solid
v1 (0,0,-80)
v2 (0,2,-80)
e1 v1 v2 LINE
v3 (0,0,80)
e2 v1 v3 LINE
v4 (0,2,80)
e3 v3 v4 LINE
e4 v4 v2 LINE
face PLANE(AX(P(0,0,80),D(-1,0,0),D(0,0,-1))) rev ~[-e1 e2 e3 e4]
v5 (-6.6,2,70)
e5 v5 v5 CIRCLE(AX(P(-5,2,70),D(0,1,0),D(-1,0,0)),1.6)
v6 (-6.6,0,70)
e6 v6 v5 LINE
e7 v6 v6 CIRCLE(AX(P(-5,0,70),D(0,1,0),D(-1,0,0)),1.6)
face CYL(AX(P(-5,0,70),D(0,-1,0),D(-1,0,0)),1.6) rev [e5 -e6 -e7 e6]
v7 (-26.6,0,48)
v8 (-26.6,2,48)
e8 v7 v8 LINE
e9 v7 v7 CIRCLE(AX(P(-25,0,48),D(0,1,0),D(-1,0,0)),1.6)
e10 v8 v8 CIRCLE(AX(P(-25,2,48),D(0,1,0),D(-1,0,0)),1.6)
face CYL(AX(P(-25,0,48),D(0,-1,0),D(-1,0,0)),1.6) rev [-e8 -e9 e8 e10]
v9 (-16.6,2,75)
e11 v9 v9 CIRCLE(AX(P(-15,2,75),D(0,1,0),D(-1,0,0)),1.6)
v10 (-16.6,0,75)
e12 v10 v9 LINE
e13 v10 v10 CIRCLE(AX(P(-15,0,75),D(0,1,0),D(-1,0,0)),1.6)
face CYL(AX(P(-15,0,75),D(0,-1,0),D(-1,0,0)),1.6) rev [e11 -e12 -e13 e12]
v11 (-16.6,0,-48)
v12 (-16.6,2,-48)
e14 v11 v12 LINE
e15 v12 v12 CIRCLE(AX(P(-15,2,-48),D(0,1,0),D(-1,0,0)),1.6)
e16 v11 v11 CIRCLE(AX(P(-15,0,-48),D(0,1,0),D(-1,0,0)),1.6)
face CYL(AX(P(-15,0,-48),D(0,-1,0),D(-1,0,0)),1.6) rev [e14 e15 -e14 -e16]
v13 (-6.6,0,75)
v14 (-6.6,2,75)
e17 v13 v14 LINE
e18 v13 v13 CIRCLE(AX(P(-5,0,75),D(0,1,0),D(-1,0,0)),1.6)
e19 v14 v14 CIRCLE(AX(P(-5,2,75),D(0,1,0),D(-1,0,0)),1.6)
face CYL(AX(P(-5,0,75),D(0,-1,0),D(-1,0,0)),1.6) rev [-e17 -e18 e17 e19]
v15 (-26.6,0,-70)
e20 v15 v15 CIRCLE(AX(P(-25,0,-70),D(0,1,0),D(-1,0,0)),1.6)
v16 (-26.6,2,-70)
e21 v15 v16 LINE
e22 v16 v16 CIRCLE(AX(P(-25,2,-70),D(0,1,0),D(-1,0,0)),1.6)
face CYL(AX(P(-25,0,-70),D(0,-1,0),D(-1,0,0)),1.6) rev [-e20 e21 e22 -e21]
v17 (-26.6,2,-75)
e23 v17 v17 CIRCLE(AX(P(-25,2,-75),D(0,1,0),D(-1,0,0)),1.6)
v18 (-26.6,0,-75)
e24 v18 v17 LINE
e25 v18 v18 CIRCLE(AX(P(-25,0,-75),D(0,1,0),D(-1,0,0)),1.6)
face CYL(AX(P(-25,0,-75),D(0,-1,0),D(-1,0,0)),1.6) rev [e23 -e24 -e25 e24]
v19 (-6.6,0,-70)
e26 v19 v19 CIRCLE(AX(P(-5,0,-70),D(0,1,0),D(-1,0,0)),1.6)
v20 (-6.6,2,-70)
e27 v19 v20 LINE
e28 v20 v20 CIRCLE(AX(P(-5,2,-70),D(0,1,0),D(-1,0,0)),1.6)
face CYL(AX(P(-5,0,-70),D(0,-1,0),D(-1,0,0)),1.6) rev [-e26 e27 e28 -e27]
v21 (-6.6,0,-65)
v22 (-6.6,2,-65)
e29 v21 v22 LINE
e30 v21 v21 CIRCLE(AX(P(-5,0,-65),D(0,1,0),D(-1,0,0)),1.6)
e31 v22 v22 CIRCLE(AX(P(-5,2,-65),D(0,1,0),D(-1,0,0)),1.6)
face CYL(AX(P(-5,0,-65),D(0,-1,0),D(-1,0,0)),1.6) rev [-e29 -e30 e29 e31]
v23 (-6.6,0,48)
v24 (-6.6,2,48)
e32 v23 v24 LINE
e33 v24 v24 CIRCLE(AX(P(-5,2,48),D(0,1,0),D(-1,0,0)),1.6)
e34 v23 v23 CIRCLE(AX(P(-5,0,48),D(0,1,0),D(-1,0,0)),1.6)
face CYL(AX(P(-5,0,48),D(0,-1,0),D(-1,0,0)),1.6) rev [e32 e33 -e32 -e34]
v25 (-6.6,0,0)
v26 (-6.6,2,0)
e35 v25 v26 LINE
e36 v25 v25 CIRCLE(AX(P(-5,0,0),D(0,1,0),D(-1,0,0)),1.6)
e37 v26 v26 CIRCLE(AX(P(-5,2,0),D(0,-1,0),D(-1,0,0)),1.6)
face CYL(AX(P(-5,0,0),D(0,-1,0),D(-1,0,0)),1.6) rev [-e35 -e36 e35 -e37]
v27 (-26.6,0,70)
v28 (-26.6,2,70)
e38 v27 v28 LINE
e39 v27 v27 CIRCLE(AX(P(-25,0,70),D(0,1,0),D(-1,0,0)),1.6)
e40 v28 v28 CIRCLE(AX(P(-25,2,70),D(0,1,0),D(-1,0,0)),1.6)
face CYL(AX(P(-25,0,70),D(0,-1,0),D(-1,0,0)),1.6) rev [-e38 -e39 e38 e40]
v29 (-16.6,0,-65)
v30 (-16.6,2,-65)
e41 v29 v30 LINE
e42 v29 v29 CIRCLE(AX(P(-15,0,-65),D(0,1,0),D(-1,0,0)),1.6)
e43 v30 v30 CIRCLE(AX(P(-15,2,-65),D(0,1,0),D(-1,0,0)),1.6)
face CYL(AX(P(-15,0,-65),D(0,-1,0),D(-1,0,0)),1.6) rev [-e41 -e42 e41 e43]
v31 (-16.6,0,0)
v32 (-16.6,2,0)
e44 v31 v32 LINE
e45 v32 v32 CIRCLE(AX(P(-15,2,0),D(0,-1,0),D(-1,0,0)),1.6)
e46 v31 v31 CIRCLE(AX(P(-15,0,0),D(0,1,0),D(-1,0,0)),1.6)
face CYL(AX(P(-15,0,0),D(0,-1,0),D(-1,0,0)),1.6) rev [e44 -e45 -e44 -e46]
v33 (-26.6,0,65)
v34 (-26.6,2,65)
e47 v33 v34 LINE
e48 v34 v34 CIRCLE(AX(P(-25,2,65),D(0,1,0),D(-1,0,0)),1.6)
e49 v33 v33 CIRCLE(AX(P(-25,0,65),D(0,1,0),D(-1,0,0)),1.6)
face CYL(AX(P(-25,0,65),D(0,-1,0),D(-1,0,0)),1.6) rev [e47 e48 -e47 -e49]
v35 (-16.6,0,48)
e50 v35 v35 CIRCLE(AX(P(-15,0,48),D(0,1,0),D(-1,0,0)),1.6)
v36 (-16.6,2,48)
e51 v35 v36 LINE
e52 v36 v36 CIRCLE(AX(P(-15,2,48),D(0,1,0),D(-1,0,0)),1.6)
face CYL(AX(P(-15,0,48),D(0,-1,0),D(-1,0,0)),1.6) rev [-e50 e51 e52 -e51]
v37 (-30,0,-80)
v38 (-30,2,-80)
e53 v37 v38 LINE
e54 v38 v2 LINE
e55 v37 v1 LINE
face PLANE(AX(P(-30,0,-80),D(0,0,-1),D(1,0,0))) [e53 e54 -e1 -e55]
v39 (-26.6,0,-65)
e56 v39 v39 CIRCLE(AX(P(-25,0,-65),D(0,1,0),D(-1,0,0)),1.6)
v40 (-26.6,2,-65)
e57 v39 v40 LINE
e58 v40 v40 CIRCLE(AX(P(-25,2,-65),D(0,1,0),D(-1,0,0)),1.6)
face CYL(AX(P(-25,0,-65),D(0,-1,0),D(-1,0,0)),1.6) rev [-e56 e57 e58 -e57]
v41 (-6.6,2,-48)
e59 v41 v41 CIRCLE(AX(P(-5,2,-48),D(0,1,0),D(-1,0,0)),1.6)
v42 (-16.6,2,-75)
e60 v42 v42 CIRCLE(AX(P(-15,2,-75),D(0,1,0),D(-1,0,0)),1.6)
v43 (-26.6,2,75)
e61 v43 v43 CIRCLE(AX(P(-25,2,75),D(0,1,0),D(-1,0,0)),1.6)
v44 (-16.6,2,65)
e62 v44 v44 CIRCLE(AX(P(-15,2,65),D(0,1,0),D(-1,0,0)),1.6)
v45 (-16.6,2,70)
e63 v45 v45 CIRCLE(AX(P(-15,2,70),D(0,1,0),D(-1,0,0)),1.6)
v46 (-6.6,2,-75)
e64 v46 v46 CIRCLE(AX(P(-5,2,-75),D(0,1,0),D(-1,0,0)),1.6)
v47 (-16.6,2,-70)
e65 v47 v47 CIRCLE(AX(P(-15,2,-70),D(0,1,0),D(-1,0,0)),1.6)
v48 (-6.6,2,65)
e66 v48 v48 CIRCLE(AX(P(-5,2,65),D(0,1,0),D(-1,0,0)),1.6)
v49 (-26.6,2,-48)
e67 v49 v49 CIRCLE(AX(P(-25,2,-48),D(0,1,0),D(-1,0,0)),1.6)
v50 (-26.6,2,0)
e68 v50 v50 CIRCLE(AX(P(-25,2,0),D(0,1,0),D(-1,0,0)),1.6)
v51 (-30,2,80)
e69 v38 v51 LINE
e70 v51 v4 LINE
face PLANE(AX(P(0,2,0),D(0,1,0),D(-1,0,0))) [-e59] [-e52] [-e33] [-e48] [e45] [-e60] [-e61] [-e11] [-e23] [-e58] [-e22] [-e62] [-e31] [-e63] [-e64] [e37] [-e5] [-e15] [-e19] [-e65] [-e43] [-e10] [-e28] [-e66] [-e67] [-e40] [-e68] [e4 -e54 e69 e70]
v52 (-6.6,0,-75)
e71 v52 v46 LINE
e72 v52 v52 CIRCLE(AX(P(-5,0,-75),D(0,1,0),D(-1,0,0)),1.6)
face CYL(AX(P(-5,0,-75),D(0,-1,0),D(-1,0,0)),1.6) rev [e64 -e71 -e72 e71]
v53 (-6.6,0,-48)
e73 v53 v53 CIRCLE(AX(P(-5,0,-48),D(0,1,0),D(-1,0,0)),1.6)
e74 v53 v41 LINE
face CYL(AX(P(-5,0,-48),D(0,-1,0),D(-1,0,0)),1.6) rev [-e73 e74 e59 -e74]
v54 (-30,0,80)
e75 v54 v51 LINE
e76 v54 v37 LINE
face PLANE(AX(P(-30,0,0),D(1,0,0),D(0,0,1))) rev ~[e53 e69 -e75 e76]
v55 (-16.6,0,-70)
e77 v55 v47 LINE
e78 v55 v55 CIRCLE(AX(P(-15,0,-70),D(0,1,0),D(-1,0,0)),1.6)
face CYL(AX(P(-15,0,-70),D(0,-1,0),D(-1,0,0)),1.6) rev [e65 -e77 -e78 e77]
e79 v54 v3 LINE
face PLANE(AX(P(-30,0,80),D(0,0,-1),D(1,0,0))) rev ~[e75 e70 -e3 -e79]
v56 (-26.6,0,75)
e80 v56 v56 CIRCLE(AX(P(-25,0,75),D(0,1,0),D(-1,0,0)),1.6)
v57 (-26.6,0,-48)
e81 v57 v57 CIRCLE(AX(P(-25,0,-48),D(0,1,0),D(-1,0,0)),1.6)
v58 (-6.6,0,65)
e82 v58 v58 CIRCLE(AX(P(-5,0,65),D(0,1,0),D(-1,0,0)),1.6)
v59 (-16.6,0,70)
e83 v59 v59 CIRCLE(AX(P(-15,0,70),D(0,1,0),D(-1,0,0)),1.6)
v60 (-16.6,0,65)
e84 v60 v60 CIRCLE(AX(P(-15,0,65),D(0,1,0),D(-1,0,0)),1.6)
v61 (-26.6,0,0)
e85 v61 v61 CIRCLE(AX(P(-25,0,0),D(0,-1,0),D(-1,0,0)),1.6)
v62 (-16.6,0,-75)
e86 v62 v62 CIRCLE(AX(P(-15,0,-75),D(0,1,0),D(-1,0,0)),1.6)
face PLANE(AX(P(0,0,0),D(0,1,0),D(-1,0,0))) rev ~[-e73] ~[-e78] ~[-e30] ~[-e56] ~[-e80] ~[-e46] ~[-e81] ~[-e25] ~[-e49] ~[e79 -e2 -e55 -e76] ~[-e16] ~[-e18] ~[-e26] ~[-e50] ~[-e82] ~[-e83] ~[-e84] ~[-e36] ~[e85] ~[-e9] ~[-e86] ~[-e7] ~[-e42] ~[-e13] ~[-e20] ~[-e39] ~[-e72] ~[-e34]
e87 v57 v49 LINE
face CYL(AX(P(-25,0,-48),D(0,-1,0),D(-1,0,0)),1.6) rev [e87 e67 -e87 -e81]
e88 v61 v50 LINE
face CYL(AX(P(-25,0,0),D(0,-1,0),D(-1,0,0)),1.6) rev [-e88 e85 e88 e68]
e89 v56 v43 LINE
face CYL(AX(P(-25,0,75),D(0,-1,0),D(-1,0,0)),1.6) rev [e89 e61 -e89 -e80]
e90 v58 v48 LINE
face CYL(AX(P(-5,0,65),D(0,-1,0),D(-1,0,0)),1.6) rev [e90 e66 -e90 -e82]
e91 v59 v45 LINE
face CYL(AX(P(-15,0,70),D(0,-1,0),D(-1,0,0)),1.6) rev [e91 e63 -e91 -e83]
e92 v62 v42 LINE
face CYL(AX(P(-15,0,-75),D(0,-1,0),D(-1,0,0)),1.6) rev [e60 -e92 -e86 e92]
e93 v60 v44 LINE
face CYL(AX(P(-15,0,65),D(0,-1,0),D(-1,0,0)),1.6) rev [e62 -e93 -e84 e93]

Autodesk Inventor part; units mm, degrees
ref_plane "YZ Plane" through (0, 0, 0) normal (1, 0, 0) x (0, 1, 0)
ref_plane "XZ Plane" through (0, 0, 0) normal (0, 1, 0) x (-1, 0, 0)
ref_plane "XY Plane" through (0, 0, 0) normal (0, 0, 1) x (1, 0, 0)
sketch "Sketch1" plane through (0, 0, 0) normal (0, 1, 0) x (-1, 0, 0)
  line L0 (88, 0) -> (-78, 0) construction
  line L1 (0, 88) -> (0, -110) construction
  line L2 (0, 0) -> (30, 0)
  line L3 (30, 0) -> (30, -80)
  line L4 (30, -80) -> (0, -80)
  line L5 (0, -80) -> (0, 0)
  circle A0 centre (25, -75) radius 1.6
  circle A1 centre (5, -75) radius 1.6
  circle A2 centre (15, -75) radius 1.6
  circle A3 centre (25, -70) radius 1.6
  circle A4 centre (15, -70) radius 1.6
  circle A5 centre (5, -70) radius 1.6
  circle A6 centre (25, -65) radius 1.6
  circle A7 centre (15, -65) radius 1.6
  circle A8 centre (5, -65) radius 1.6
  line L6 (30, 0) -> (30, 80)
  line L7 (30, 80) -> (0, 80)
  circle A9 centre (25, 75) radius 1.6
  circle A10 centre (5, 75) radius 1.6
  circle A11 centre (15, 75) radius 1.6
  circle A12 centre (25, 70) radius 1.6
  circle A13 centre (15, 70) radius 1.6
  circle A14 centre (5, 70) radius 1.6
  circle A15 centre (25, 65) radius 1.6
  circle A16 centre (15, 65) radius 1.6
  circle A17 centre (5, 65) radius 1.6
  circle A18 centre (25, 0) radius 1.6
  circle A19 centre (5, 0) radius 1.6
  circle A20 centre (15, 0) radius 1.6
  line L8 (0, 80) -> (0, 0)
  circle A21 centre (25, -48) radius 1.6
  circle A22 centre (15, -48) radius 1.6
  circle A23 centre (5, -48) radius 1.6
  circle A24 centre (25, 48) radius 1.6
  circle A25 centre (15, 48) radius 1.6
  circle A26 centre (5, 48) radius 1.6
  dimension "d0" = 30
  dimension "d1" = 80
  dimension "d2" = 3.2
  dimension "d3" = 5
  dimension "d4" = 5
  dimension "d5" = 3.2
  dimension "d6" = 3.2
  dimension "d7" = 3.2
  dimension "d8" = 5
  dimension "d9" = 3.2
  dimension "d10" = 3.2
  dimension "d11" = 3.2
  dimension "d12" = 5
  dimension "d13" = 3.2
  dimension "d14" = 3.2
  dimension "d15" = 3.2
  dimension "d17" = 3.2
  dimension "d18" = 3.2
  dimension "d21" = 3.2
  dimension "d22" = 48
  dimension "d23" = 3.2
  dimension "d24" = 3.2
extrude "Extrusion1" add sketch "Sketch1" along normal blind 2 contours A18 L2 A20 A19 L8 L7 L6 | L2 L3 L4 L5 A19 A20 A18
properties part number "Fix Bracker Holder Gripper_3DPrint"
